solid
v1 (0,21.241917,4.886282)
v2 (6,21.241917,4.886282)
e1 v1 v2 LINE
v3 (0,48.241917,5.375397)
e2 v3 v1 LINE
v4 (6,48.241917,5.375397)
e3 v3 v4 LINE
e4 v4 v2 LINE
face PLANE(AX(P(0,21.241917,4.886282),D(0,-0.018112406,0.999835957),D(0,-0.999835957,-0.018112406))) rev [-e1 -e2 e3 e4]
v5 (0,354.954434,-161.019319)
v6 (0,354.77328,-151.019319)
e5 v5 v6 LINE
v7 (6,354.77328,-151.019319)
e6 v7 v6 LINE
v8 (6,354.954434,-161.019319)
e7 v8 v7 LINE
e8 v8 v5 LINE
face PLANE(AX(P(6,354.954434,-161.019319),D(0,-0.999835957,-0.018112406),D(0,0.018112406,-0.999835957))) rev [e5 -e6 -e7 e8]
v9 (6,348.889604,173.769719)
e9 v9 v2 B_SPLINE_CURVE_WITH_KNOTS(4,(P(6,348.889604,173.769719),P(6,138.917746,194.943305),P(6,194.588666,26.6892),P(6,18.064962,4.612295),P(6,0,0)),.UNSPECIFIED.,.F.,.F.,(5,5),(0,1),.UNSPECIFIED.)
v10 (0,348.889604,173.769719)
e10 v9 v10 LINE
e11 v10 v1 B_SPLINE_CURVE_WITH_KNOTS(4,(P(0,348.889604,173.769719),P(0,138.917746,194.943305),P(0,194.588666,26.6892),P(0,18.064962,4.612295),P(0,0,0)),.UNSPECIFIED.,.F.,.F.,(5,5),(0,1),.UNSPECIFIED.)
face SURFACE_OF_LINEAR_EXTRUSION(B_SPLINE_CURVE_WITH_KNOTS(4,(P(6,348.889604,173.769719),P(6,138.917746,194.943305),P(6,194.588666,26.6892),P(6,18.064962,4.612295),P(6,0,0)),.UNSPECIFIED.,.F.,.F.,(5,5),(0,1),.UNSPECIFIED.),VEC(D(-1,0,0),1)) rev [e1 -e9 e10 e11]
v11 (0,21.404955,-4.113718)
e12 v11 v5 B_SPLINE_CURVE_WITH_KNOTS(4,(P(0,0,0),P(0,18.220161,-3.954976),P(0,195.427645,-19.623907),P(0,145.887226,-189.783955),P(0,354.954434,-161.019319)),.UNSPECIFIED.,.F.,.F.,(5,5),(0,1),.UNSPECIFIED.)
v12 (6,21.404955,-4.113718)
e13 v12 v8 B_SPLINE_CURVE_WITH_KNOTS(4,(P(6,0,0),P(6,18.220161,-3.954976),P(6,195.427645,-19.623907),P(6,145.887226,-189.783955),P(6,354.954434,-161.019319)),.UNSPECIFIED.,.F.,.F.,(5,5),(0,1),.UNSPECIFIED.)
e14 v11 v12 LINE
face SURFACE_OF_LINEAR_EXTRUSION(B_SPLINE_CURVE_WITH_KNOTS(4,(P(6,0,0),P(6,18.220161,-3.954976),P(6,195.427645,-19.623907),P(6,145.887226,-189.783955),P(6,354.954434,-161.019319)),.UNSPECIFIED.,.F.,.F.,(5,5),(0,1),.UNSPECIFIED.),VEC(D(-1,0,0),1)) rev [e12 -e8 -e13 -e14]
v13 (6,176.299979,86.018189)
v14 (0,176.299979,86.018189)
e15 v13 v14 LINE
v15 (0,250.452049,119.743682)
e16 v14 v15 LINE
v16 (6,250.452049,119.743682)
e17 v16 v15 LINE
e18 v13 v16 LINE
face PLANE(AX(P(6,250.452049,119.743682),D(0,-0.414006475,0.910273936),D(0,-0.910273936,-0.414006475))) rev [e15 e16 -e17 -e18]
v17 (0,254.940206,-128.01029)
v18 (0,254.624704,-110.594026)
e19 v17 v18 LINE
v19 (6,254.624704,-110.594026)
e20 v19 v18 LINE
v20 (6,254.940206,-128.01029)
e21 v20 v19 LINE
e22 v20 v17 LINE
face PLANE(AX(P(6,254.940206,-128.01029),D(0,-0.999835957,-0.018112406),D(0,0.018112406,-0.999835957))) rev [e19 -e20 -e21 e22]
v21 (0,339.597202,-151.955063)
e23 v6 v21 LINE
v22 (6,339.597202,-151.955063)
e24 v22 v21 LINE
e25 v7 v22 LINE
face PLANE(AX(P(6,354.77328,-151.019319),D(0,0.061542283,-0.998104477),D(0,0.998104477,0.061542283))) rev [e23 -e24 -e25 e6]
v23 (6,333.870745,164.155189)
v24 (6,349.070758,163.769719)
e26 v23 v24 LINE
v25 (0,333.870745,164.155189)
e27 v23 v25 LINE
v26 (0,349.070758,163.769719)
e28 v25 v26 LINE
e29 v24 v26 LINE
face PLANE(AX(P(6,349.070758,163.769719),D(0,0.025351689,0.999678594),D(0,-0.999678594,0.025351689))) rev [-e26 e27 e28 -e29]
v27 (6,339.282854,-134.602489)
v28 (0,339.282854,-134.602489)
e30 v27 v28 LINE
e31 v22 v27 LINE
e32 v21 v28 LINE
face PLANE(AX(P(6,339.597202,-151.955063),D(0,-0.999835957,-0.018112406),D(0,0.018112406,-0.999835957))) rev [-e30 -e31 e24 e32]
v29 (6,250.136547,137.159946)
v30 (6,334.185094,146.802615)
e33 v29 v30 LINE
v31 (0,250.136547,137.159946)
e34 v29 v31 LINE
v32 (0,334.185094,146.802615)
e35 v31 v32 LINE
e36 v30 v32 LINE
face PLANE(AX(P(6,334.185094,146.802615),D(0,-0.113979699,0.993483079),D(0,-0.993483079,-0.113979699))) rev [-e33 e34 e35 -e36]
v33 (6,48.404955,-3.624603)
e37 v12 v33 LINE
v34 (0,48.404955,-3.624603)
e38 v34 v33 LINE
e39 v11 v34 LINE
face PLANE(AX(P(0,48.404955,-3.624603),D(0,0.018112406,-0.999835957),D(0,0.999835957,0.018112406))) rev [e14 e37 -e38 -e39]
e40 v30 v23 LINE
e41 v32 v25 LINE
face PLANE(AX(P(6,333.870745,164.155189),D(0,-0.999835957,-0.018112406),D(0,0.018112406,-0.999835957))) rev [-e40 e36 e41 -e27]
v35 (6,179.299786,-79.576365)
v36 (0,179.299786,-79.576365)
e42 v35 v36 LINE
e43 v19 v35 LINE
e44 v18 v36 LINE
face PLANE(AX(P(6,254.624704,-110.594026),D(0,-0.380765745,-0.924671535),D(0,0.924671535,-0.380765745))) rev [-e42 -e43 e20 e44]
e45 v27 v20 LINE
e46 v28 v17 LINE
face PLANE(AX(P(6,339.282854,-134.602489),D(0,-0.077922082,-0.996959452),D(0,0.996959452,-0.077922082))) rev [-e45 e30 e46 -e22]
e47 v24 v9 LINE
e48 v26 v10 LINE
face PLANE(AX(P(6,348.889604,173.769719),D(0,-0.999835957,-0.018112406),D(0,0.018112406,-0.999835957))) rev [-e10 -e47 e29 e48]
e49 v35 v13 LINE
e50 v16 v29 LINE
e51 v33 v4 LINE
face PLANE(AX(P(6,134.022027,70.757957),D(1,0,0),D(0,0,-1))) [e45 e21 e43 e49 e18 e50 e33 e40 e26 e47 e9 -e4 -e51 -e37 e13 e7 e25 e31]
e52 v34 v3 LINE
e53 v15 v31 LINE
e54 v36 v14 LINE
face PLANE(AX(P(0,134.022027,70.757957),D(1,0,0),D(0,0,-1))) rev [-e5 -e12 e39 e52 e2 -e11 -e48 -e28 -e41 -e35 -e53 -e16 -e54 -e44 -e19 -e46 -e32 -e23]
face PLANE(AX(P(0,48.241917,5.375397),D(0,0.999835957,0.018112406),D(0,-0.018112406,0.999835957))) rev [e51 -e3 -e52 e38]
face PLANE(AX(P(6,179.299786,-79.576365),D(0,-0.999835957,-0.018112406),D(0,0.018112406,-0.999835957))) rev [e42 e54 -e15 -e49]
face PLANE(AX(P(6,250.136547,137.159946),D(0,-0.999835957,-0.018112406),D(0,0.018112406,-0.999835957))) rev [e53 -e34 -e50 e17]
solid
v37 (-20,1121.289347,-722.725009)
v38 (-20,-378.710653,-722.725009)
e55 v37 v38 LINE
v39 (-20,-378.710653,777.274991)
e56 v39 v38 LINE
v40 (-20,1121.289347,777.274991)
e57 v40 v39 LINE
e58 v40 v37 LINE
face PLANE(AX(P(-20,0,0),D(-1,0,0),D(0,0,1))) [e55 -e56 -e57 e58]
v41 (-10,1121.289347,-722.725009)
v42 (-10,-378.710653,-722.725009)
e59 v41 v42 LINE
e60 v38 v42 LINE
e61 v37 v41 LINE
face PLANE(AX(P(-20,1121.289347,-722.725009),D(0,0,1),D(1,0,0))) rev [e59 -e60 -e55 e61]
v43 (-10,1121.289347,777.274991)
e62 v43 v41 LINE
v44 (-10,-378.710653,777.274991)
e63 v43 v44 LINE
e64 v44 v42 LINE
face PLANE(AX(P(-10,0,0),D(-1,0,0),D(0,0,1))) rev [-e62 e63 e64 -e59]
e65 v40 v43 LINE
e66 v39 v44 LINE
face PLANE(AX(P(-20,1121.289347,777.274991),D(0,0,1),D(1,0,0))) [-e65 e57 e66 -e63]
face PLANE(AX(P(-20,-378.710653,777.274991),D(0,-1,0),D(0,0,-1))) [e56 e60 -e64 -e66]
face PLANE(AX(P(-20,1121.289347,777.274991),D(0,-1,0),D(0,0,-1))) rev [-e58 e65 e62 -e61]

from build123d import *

# Parameters (mm, degrees)
BOSS_EXTRU_2_DEPTH      = 10
BOSS_EXTRU_3_DEPTH      = 6
ENL_V_MAT_EXTRU_1_DEPTH = 6


with BuildPart() as part:
    # Esquisse3D1 → Boss.-Extru.2 (new body)
    with BuildSketch(Plane(origin=(-20, 1121.289346724, 777.274991403), x_dir=(0, -0.7071067811865476, -0.7071067811865476), z_dir=(1, 0, 0))):
        Polygon((0, 0), (1060.66017178, 1060.66017178), (2121.32034356, 0), (1060.66017178, -1060.66017178), align=None)
    extrude(amount=BOSS_EXTRU_2_DEPTH)


with BuildPart() as body_2:
    # Esquisse5 → Boss.-Extru.3 (new body)
    with BuildSketch(Plane(origin=(0, 0, 0), x_dir=(0, 0, -1), z_dir=(1, 0, 0))):
        with BuildLine():
            Line((161.019319027, 354.954433822), (151.019319027, 354.773280049))
            Line((151.019319027, 354.773280049), (151.955063241, 339.597201952))
            Line((151.955063241, 339.597201952), (134.602488793, 339.282853519))
            Line((134.602488793, 339.282853519), (128.010290223, 254.940205779))
            Line((128.010290223, 254.940205779), (110.594025777, 254.624703578))
            Line((110.594025777, 254.624703578), (79.576364721, 179.299786333))
            Line((79.576364721, 179.299786333), (-86.018188614, 176.299978528))
            Line((-86.018188614, 176.299978528), (-119.743681695, 250.452049111))
            Line((-119.743681695, 250.452049111), (-137.159946142, 250.13654691))
            Line((-137.159946142, 250.13654691), (-146.80261473, 334.185093907))
            Line((-146.80261473, 334.185093907), (-164.155189178, 333.870745475))
            Line((-164.155189178, 333.870745475), (-163.769719303, 349.070757864))
            Line((-163.769719303, 349.070757864), (-173.769719303, 348.889604091))
            add(Edge.make_bspline(
                [(0, 0), (-4.612294832, 18.064961959), (-26.68919989, 194.588665588), (-194.943304739, 138.917746092), (-173.769719303, 348.889604091)],
                knots=[0, 0, 0, 0, 0, 1, 1, 1, 1, 1], degree=4))
            add(Edge.make_bspline(
                [(0, 0), (3.954976136, 18.220161304), (19.623907288, 195.427644996), (189.783955234, 145.887225547), (161.019319027, 354.954433822)],
                knots=[0, 0, 0, 0, 0, 1, 1, 1, 1, 1], degree=4))
        make_face()
    extrude(amount=BOSS_EXTRU_3_DEPTH)

    # Esquisse6 → Enlèv. mat.-Extru.1 (cut)
    with BuildSketch(Plane(origin=(6, 0, 0), x_dir=(0, 0, -1), z_dir=(1, 0, 0))):
        Polygon((-4.886282083, 21.241916567), (-5.375397269, 48.241916567), (3.624602731, 48.404954963), (4.113717917, 21.404954963), (117.063261114, -47.52702125), (-85.227699586, -65.220017949), align=None)
    extrude(amount=-ENL_V_MAT_EXTRU_1_DEPTH, mode=Mode.SUBTRACT)


solid = Compound([part.part, body_2.part])
